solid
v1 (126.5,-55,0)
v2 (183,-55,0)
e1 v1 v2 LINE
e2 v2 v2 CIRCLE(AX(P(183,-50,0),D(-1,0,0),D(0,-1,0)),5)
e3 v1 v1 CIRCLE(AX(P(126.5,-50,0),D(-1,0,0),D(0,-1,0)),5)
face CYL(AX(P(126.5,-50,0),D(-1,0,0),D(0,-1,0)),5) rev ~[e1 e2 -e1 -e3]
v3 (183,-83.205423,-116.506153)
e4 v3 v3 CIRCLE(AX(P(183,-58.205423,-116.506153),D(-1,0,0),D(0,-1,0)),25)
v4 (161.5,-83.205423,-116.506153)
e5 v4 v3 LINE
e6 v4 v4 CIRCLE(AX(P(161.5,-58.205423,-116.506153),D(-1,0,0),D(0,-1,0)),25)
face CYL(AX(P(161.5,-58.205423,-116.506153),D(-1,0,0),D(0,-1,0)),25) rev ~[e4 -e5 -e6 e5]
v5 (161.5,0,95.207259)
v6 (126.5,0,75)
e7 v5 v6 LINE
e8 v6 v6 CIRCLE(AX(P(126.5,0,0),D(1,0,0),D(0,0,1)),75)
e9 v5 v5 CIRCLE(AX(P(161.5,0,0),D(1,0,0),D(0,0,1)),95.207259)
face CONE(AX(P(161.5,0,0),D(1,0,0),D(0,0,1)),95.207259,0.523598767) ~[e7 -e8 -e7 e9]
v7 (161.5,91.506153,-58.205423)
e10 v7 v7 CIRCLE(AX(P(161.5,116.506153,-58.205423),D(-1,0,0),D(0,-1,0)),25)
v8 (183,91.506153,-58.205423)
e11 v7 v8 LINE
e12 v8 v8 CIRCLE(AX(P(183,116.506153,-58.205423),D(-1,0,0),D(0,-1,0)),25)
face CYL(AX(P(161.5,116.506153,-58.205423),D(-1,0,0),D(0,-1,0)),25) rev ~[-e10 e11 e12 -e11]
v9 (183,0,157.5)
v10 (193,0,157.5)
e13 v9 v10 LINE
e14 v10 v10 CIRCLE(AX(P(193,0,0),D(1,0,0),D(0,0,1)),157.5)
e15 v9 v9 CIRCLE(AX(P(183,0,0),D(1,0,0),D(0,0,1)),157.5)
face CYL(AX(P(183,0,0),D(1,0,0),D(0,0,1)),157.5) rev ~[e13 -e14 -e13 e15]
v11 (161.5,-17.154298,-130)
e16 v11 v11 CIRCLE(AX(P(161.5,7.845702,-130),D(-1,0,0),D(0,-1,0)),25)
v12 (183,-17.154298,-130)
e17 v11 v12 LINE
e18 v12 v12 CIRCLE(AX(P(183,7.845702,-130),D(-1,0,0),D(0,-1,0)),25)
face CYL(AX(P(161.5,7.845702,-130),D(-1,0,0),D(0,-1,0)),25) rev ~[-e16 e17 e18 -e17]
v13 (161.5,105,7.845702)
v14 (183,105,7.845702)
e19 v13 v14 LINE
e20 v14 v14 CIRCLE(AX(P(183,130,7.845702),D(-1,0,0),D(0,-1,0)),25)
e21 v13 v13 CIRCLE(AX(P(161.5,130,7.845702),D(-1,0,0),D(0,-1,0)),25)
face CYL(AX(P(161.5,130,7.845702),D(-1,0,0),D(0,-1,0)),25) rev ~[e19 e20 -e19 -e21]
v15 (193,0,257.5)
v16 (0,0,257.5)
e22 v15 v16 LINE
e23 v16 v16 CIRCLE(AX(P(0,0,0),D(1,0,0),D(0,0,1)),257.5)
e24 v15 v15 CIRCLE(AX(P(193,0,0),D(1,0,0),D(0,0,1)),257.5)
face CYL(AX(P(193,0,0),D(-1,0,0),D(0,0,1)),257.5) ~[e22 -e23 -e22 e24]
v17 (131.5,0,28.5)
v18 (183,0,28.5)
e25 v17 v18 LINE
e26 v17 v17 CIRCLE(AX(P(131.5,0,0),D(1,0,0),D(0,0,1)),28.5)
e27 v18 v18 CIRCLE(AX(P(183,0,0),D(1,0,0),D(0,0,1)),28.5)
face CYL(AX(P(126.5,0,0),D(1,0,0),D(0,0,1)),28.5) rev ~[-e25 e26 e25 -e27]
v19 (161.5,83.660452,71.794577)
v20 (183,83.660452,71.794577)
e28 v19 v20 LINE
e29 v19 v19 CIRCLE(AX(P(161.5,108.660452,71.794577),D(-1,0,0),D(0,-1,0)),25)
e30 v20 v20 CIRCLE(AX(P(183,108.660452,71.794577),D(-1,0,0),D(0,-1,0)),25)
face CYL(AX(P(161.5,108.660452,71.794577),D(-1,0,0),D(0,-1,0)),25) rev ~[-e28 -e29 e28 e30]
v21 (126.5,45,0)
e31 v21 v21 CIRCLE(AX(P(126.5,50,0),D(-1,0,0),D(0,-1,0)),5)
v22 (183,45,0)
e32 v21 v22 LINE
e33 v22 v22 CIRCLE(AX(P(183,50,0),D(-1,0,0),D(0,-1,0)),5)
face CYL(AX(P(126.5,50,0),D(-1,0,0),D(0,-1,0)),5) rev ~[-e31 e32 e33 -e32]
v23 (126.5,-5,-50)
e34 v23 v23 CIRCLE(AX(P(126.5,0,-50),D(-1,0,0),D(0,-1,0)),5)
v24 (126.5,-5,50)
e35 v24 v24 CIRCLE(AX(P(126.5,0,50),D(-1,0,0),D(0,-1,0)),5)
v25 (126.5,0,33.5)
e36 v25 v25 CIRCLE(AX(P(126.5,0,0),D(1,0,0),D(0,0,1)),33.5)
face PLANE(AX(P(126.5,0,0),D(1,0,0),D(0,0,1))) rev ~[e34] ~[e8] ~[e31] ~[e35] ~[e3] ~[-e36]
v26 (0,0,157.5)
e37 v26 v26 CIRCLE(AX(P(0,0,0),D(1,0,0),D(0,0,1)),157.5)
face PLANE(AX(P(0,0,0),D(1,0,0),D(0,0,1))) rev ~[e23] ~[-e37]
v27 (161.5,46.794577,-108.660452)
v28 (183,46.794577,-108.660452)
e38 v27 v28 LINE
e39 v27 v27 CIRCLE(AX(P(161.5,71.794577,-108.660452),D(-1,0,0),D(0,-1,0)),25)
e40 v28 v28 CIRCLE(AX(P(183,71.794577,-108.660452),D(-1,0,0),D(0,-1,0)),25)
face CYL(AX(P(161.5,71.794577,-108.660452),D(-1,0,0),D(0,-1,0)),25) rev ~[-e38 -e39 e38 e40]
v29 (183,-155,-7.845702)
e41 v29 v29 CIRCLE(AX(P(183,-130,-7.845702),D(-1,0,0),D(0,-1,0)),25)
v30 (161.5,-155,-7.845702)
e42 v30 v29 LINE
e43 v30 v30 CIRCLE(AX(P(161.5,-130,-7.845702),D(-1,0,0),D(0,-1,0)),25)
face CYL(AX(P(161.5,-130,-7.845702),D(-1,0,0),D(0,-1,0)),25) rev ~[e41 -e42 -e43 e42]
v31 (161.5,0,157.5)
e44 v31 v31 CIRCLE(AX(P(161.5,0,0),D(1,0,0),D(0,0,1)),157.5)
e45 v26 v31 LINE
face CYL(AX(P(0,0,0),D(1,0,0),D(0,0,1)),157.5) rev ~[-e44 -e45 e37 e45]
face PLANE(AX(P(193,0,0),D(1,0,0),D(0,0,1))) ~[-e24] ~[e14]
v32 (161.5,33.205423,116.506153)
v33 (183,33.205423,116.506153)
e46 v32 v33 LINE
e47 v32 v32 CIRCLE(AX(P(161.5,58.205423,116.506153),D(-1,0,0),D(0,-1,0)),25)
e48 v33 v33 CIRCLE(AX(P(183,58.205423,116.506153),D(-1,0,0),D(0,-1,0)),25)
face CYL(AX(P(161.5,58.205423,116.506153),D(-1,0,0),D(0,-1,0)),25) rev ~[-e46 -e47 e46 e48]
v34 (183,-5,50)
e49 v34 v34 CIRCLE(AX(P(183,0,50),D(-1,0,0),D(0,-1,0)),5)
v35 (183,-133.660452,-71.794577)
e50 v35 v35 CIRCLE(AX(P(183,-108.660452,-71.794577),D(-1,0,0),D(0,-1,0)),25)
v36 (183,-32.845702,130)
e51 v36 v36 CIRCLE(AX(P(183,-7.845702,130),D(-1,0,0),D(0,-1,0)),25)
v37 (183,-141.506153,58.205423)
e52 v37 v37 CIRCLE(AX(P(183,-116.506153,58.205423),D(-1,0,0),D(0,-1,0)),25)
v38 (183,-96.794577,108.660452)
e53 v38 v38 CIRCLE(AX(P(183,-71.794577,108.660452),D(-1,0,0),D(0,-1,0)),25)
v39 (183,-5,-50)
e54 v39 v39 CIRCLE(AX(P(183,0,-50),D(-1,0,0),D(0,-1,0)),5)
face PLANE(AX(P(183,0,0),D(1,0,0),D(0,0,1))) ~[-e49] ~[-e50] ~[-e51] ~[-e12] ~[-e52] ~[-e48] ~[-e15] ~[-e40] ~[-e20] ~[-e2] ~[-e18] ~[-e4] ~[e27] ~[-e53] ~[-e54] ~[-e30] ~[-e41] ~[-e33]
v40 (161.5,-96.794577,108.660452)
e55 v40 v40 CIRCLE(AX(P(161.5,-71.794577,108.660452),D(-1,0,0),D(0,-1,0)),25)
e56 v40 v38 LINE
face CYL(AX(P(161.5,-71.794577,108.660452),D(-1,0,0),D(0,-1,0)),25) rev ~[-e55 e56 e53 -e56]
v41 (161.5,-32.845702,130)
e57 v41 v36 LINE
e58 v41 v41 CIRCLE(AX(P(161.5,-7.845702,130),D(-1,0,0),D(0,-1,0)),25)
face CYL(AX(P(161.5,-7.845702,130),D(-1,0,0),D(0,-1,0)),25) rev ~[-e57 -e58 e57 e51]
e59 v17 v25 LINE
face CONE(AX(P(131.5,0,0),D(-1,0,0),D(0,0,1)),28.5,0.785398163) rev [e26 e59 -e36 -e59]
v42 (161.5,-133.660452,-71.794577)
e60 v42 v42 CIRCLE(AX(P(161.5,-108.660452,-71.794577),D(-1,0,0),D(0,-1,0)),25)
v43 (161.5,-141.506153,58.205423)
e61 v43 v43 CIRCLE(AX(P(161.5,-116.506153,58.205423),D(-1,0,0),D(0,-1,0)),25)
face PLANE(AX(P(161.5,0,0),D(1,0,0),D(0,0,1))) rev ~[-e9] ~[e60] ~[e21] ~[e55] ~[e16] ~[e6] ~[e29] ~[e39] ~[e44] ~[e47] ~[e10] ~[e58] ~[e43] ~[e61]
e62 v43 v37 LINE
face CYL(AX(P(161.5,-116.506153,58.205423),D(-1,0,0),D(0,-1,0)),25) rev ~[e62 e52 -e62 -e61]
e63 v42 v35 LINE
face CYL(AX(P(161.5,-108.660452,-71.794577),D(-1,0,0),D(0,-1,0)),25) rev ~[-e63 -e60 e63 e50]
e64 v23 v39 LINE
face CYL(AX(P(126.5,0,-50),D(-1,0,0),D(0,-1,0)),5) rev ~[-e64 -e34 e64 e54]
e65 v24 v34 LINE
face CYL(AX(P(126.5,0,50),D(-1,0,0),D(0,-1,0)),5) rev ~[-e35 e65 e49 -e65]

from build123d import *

# Parameters (mm, degrees)
F2_R     = 25
F3_DEPTH = 25
F4_R     = 5
F5_DEPTH = 66.501
F6_SIZE  = 5


with BuildPart() as f1:
    # F0 (on Front) → F1 (revolve)
    with BuildSketch(Plane.XZ):
        Polygon((193, 157.5), (193, 257.5), (0, 257.5), (0, 157.5), (161.5, 157.5), (161.5, 95.207259), (126.5, 75), (126.5, 28.5), (183, 28.5), (183, 157.5), align=None)
    revolve(axis=Axis((48.25, 0, 0), (1, 0, 0)))

    # F2 (on face) → F3 (cut)
    with BuildSketch(Plane(origin=(161.5, 0, 0), x_dir=(0, -1, 0), z_dir=(-1, 0, 0))):
        with Locations((7.845702, 130)):
            Circle(F2_R)
        with Locations((-58.205423, 116.506153)):
            Circle(F2_R)
        with Locations((-108.660452, 71.794577)):
            Circle(F2_R)
        with Locations((-130, 7.845702)):
            Circle(F2_R)
        with Locations((-116.506153, -58.205423)):
            Circle(F2_R)
        with Locations((-71.794577, -108.660452)):
            Circle(F2_R)
        with Locations((-7.845702, -130)):
            Circle(F2_R)
        with Locations((58.205423, -116.506153)):
            Circle(F2_R)
        with Locations((108.660452, -71.794577)):
            Circle(F2_R)
        with Locations((130, -7.845702)):
            Circle(F2_R)
        with Locations((116.506153, 58.205423)):
            Circle(F2_R)
        with Locations((71.794577, 108.660452)):
            Circle(F2_R)
    extrude(amount=-F3_DEPTH, mode=Mode.SUBTRACT)

    # F4 (on face) → F5 (cut, through all)
    with BuildSketch(Plane(origin=(126.5, 0, 0), x_dir=(0, -1, 0), z_dir=(-1, 0, 0))):
        with Locations((0, 50)):
            Circle(F4_R)
        with Locations((-50, 0)):
            Circle(F4_R)
        with Locations((0, -50)):
            Circle(F4_R)
        with Locations((50, 0)):
            Circle(F4_R)
    extrude(amount=-F5_DEPTH, mode=Mode.SUBTRACT)

    # F6
    f6_edges = [f1.edges().sort_by_distance(p)[0] for p in [
        (126.5, 0, -28.5),
    ]]
    chamfer(f6_edges, length=F6_SIZE)


solid = f1.part
